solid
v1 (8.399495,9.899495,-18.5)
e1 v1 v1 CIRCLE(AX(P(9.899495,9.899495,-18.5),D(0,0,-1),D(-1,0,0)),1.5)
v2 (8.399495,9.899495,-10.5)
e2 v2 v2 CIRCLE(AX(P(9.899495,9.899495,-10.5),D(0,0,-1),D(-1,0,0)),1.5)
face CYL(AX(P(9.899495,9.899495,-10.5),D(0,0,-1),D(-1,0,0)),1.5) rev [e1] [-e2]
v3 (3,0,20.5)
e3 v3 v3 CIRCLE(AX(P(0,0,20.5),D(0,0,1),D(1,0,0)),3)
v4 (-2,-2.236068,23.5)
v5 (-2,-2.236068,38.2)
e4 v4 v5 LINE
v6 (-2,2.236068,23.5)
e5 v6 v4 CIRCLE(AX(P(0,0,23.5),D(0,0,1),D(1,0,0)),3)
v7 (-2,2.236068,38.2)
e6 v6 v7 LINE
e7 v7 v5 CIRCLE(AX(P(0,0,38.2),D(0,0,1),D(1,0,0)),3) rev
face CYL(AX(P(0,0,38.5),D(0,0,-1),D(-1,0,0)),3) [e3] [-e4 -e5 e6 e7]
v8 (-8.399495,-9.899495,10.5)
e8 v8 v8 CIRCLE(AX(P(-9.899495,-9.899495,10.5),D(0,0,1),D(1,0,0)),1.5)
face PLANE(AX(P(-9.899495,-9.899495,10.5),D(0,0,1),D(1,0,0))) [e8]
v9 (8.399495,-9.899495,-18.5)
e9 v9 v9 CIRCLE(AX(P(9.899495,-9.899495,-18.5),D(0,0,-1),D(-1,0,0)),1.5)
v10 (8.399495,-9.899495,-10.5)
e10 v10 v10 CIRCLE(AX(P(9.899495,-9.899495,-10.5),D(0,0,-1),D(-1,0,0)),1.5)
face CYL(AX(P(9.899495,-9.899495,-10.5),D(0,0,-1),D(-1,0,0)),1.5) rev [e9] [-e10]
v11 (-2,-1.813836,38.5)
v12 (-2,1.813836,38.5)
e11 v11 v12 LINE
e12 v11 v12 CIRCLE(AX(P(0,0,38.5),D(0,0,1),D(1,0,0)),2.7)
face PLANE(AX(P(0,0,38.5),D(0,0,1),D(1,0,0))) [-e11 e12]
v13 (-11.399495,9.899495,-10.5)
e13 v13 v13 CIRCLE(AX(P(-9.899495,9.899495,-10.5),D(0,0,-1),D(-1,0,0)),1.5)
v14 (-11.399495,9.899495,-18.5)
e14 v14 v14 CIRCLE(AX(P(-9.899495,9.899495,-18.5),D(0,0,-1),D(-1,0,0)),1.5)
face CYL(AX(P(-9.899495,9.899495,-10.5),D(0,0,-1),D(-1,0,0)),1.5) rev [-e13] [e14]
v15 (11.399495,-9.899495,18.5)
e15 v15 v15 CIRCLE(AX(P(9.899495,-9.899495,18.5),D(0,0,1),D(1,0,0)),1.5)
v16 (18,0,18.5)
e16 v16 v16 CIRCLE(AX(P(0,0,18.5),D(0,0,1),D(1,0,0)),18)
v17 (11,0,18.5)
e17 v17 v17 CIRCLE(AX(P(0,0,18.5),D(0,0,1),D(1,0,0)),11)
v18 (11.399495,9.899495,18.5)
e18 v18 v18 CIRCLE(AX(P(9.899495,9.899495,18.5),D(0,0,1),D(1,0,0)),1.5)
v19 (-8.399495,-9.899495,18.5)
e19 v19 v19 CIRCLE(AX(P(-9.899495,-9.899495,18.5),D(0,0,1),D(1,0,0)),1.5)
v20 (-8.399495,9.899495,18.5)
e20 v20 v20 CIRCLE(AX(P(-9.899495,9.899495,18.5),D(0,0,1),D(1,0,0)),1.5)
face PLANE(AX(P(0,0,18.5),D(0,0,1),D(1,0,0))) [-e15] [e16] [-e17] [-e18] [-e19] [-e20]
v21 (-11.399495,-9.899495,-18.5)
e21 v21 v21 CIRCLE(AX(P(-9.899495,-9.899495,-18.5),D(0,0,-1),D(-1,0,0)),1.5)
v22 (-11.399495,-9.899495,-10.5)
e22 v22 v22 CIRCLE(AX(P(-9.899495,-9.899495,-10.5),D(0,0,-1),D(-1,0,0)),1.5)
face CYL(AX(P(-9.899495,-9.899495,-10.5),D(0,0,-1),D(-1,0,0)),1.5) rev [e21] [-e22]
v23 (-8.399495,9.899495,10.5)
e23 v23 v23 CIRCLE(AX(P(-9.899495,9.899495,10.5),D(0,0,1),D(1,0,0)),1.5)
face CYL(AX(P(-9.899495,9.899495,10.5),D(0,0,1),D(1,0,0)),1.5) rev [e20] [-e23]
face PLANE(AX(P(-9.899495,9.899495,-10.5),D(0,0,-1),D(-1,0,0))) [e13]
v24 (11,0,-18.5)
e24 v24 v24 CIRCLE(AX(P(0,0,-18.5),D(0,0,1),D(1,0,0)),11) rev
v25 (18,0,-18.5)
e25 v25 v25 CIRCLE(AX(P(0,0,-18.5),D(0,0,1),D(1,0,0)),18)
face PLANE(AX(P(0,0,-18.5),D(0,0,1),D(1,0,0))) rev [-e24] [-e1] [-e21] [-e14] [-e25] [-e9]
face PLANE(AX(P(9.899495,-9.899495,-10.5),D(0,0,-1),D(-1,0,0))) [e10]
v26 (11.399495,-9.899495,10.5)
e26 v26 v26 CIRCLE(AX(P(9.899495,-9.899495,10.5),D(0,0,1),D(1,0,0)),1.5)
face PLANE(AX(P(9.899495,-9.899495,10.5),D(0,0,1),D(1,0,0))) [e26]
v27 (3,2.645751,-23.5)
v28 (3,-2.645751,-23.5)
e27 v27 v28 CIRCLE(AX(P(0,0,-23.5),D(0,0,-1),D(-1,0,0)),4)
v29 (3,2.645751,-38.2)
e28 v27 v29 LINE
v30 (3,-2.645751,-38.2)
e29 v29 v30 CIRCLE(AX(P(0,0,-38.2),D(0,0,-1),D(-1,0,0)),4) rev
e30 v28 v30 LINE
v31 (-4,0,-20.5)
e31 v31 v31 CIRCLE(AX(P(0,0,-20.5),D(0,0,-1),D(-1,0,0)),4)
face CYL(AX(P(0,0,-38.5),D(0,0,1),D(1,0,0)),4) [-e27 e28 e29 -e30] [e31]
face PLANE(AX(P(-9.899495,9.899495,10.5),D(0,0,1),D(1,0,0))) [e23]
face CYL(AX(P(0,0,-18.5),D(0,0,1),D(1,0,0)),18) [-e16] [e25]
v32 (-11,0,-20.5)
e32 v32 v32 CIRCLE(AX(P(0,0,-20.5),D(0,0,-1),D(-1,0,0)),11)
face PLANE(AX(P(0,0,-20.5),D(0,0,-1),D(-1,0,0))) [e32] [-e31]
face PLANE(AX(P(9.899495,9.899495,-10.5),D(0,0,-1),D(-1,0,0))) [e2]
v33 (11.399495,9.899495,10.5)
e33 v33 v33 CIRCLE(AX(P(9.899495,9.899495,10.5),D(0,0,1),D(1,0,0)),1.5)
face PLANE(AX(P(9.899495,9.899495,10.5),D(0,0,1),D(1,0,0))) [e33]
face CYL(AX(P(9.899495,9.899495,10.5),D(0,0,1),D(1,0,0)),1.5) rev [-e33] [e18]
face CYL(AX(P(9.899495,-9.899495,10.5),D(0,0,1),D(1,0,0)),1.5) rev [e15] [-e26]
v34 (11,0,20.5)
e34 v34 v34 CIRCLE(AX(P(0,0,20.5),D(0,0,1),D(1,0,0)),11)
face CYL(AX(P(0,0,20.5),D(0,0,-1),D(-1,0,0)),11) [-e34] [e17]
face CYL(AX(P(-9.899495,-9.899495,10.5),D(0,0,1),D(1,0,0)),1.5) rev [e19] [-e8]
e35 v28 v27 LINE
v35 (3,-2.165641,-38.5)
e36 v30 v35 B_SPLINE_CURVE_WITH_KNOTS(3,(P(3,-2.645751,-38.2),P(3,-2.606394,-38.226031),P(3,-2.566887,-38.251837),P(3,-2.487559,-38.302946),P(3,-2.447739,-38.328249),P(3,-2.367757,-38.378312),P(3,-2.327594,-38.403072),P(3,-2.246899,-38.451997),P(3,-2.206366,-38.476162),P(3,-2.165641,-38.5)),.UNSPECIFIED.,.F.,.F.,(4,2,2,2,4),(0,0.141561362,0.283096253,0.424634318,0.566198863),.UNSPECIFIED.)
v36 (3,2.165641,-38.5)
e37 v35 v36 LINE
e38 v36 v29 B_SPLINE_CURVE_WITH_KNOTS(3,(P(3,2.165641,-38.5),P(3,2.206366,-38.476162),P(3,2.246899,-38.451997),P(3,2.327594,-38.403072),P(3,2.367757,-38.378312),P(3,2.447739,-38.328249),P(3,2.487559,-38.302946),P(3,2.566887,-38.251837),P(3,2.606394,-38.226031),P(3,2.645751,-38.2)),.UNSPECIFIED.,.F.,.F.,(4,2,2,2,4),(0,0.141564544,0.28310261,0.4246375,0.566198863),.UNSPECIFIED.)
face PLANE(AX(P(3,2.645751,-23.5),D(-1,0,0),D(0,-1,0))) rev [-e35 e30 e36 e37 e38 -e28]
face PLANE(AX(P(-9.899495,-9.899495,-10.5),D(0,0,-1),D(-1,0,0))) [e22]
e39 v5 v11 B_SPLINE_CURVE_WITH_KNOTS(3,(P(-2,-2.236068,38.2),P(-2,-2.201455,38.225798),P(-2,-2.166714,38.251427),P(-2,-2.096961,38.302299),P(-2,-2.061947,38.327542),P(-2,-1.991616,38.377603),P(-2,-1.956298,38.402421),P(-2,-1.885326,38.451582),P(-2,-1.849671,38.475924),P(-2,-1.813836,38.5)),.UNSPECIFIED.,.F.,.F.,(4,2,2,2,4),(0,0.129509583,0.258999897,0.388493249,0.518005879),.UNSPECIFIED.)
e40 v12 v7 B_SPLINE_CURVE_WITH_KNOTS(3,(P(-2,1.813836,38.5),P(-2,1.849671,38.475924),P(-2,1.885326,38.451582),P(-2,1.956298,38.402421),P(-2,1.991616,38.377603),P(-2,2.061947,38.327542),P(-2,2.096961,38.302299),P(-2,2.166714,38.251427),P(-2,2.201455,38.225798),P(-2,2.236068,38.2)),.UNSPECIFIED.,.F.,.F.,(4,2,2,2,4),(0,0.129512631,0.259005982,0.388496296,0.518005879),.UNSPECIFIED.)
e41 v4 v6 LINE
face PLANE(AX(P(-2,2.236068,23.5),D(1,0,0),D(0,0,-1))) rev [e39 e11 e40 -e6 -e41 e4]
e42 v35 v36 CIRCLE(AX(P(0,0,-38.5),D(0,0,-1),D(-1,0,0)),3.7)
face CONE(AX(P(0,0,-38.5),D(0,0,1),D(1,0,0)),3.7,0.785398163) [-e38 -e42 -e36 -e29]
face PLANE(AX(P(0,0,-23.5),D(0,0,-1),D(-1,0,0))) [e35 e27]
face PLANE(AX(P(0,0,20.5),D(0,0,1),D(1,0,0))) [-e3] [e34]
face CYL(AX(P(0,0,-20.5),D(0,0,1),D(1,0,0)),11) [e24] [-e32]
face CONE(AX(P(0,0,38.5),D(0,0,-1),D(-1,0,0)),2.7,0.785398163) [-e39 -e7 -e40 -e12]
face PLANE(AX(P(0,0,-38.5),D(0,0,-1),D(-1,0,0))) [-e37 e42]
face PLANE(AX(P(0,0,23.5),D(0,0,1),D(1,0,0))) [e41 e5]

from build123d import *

# Parameters (mm, degrees)
SKETCH_1_R          = 18
EXTRUDE_1_DEPTH     = 18.5
SKETCH_2_R          = 3
EXTRUDE_2_DEPTH     = 20
SKETCH_3_R          = 11
EXTRUDE_3_DEPTH     = 2
SKETCH_4_R          = 1.5
CUT_EXTRUDE_1_DEPTH = 8
SKETCH_5_R          = 4
EXTRUDE_4_DEPTH     = 20
EXTRUDE_START       = 2
SKETCH_6_R          = 11
EXTRUDE_5_DEPTH     = 2
CUT_EXTRUDE_START   = -8
SKETCH_7_R          = 1.5
CUT_EXTRUDE_2_DEPTH = 8
CUT_EXTRUDE_START_2 = -15
CUT_EXTRUDE_3_DEPTH = 15
CUT_EXTRUDE_4_DEPTH = 15
CHAMFER_1_SIZE      = 0.3


with BuildPart() as part:
    # 草图1 → 凸台-拉伸1 (new, symmetric)
    with BuildSketch(Plane.XY):
        Circle(SKETCH_1_R)
    extrude(amount=EXTRUDE_1_DEPTH, both=True)

    # 草图2 → 凸台-拉伸2 (add)
    with BuildSketch(Plane.XY.offset(18.5)):
        Circle(SKETCH_2_R)
    extrude(amount=EXTRUDE_2_DEPTH)

    # 草图3 → 凸台-拉伸3 (add)
    with BuildSketch(Plane.XY.offset(18.5)):
        Circle(SKETCH_3_R)
    extrude(amount=EXTRUDE_3_DEPTH)

    # 草图4 → 切除-拉伸1 (cut)
    with BuildSketch(Plane.XY.offset(18.5)):
        with Locations((-9.899494937, 9.899494937)):
            Circle(SKETCH_4_R)
        with Locations((9.899494937, 9.899494937)):
            Circle(SKETCH_4_R)
        with Locations((9.899494937, -9.899494937)):
            Circle(SKETCH_4_R)
        with Locations((-9.899494937, -9.899494937)):
            Circle(SKETCH_4_R)
    extrude(amount=-CUT_EXTRUDE_1_DEPTH, mode=Mode.SUBTRACT)

    # 草图5 → 凸台-拉伸4 (add)
    with BuildSketch(Plane(origin=(0, 0, -18.5), x_dir=(-1, 0, 0), z_dir=(0, 0, -1))):
        Circle(SKETCH_5_R)
    extrude(amount=EXTRUDE_4_DEPTH)

    # 草图6 → 凸台-拉伸5 (add)
    with BuildSketch(Plane(origin=(0, 0, -18.5), x_dir=(-1, 0, 0), z_dir=(0, 0, -1)).offset(EXTRUDE_START)):
        with Locations(Location((0, 0, 0), (0, 0, 180))):
            Circle(SKETCH_6_R)
    extrude(amount=-EXTRUDE_5_DEPTH)

    # 草图7 → 切除-拉伸2 (cut)
    with BuildSketch(Plane(origin=(0, 0, -18.5), x_dir=(-1, 0, 0), z_dir=(0, 0, -1)).offset(CUT_EXTRUDE_START)):
        with Locations(Location((-9.899494937, 9.899494937, 0), (0, 0, 180))):
            Circle(SKETCH_7_R)
        with Locations(Location((9.899494937, 9.899494937, 0), (0, 0, 180))):
            Circle(SKETCH_7_R)
        with Locations(Location((9.899494937, -9.899494937, 0), (0, 0, 180))):
            Circle(SKETCH_7_R)
        with Locations(Location((-9.899494937, -9.899494937, 0), (0, 0, 180))):
            Circle(SKETCH_7_R)
    extrude(amount=CUT_EXTRUDE_2_DEPTH, mode=Mode.SUBTRACT)

    # 草图8 → 切除-拉伸3 (cut)
    with BuildSketch(Plane.XY.offset(38.5).offset(CUT_EXTRUDE_START_2)):
        with BuildLine():
            Line((-2, 2.236067977), (-2, -2.236067977))
            ThreePointArc((-2, -2.236067977), (-3, 0), (-2, 2.236067977))
        make_face()
    extrude(amount=CUT_EXTRUDE_3_DEPTH, mode=Mode.SUBTRACT)

    # 草图9 → 切除-拉伸4 (cut)
    with BuildSketch(Plane(origin=(0, 0, -38.5), x_dir=(-1, 0, 0), z_dir=(0, 0, -1)).offset(CUT_EXTRUDE_START_2)):
        with BuildLine():
            Line((-3, 2.645751311), (-3, -2.645751311))
            ThreePointArc((-3, -2.645751311), (-4, 0), (-3, 2.645751311))
        make_face()
    extrude(amount=CUT_EXTRUDE_4_DEPTH, mode=Mode.SUBTRACT)

    # 倒角1
    chamfer_1_edges = [part.edges().sort_by_distance(p)[0] for p in [
        (1.224744871, -2.738612788, 38.5),
        (-1.414213562, -3.741657387, -38.5),
    ]]
    chamfer(chamfer_1_edges, length=CHAMFER_1_SIZE)


solid = part.part
